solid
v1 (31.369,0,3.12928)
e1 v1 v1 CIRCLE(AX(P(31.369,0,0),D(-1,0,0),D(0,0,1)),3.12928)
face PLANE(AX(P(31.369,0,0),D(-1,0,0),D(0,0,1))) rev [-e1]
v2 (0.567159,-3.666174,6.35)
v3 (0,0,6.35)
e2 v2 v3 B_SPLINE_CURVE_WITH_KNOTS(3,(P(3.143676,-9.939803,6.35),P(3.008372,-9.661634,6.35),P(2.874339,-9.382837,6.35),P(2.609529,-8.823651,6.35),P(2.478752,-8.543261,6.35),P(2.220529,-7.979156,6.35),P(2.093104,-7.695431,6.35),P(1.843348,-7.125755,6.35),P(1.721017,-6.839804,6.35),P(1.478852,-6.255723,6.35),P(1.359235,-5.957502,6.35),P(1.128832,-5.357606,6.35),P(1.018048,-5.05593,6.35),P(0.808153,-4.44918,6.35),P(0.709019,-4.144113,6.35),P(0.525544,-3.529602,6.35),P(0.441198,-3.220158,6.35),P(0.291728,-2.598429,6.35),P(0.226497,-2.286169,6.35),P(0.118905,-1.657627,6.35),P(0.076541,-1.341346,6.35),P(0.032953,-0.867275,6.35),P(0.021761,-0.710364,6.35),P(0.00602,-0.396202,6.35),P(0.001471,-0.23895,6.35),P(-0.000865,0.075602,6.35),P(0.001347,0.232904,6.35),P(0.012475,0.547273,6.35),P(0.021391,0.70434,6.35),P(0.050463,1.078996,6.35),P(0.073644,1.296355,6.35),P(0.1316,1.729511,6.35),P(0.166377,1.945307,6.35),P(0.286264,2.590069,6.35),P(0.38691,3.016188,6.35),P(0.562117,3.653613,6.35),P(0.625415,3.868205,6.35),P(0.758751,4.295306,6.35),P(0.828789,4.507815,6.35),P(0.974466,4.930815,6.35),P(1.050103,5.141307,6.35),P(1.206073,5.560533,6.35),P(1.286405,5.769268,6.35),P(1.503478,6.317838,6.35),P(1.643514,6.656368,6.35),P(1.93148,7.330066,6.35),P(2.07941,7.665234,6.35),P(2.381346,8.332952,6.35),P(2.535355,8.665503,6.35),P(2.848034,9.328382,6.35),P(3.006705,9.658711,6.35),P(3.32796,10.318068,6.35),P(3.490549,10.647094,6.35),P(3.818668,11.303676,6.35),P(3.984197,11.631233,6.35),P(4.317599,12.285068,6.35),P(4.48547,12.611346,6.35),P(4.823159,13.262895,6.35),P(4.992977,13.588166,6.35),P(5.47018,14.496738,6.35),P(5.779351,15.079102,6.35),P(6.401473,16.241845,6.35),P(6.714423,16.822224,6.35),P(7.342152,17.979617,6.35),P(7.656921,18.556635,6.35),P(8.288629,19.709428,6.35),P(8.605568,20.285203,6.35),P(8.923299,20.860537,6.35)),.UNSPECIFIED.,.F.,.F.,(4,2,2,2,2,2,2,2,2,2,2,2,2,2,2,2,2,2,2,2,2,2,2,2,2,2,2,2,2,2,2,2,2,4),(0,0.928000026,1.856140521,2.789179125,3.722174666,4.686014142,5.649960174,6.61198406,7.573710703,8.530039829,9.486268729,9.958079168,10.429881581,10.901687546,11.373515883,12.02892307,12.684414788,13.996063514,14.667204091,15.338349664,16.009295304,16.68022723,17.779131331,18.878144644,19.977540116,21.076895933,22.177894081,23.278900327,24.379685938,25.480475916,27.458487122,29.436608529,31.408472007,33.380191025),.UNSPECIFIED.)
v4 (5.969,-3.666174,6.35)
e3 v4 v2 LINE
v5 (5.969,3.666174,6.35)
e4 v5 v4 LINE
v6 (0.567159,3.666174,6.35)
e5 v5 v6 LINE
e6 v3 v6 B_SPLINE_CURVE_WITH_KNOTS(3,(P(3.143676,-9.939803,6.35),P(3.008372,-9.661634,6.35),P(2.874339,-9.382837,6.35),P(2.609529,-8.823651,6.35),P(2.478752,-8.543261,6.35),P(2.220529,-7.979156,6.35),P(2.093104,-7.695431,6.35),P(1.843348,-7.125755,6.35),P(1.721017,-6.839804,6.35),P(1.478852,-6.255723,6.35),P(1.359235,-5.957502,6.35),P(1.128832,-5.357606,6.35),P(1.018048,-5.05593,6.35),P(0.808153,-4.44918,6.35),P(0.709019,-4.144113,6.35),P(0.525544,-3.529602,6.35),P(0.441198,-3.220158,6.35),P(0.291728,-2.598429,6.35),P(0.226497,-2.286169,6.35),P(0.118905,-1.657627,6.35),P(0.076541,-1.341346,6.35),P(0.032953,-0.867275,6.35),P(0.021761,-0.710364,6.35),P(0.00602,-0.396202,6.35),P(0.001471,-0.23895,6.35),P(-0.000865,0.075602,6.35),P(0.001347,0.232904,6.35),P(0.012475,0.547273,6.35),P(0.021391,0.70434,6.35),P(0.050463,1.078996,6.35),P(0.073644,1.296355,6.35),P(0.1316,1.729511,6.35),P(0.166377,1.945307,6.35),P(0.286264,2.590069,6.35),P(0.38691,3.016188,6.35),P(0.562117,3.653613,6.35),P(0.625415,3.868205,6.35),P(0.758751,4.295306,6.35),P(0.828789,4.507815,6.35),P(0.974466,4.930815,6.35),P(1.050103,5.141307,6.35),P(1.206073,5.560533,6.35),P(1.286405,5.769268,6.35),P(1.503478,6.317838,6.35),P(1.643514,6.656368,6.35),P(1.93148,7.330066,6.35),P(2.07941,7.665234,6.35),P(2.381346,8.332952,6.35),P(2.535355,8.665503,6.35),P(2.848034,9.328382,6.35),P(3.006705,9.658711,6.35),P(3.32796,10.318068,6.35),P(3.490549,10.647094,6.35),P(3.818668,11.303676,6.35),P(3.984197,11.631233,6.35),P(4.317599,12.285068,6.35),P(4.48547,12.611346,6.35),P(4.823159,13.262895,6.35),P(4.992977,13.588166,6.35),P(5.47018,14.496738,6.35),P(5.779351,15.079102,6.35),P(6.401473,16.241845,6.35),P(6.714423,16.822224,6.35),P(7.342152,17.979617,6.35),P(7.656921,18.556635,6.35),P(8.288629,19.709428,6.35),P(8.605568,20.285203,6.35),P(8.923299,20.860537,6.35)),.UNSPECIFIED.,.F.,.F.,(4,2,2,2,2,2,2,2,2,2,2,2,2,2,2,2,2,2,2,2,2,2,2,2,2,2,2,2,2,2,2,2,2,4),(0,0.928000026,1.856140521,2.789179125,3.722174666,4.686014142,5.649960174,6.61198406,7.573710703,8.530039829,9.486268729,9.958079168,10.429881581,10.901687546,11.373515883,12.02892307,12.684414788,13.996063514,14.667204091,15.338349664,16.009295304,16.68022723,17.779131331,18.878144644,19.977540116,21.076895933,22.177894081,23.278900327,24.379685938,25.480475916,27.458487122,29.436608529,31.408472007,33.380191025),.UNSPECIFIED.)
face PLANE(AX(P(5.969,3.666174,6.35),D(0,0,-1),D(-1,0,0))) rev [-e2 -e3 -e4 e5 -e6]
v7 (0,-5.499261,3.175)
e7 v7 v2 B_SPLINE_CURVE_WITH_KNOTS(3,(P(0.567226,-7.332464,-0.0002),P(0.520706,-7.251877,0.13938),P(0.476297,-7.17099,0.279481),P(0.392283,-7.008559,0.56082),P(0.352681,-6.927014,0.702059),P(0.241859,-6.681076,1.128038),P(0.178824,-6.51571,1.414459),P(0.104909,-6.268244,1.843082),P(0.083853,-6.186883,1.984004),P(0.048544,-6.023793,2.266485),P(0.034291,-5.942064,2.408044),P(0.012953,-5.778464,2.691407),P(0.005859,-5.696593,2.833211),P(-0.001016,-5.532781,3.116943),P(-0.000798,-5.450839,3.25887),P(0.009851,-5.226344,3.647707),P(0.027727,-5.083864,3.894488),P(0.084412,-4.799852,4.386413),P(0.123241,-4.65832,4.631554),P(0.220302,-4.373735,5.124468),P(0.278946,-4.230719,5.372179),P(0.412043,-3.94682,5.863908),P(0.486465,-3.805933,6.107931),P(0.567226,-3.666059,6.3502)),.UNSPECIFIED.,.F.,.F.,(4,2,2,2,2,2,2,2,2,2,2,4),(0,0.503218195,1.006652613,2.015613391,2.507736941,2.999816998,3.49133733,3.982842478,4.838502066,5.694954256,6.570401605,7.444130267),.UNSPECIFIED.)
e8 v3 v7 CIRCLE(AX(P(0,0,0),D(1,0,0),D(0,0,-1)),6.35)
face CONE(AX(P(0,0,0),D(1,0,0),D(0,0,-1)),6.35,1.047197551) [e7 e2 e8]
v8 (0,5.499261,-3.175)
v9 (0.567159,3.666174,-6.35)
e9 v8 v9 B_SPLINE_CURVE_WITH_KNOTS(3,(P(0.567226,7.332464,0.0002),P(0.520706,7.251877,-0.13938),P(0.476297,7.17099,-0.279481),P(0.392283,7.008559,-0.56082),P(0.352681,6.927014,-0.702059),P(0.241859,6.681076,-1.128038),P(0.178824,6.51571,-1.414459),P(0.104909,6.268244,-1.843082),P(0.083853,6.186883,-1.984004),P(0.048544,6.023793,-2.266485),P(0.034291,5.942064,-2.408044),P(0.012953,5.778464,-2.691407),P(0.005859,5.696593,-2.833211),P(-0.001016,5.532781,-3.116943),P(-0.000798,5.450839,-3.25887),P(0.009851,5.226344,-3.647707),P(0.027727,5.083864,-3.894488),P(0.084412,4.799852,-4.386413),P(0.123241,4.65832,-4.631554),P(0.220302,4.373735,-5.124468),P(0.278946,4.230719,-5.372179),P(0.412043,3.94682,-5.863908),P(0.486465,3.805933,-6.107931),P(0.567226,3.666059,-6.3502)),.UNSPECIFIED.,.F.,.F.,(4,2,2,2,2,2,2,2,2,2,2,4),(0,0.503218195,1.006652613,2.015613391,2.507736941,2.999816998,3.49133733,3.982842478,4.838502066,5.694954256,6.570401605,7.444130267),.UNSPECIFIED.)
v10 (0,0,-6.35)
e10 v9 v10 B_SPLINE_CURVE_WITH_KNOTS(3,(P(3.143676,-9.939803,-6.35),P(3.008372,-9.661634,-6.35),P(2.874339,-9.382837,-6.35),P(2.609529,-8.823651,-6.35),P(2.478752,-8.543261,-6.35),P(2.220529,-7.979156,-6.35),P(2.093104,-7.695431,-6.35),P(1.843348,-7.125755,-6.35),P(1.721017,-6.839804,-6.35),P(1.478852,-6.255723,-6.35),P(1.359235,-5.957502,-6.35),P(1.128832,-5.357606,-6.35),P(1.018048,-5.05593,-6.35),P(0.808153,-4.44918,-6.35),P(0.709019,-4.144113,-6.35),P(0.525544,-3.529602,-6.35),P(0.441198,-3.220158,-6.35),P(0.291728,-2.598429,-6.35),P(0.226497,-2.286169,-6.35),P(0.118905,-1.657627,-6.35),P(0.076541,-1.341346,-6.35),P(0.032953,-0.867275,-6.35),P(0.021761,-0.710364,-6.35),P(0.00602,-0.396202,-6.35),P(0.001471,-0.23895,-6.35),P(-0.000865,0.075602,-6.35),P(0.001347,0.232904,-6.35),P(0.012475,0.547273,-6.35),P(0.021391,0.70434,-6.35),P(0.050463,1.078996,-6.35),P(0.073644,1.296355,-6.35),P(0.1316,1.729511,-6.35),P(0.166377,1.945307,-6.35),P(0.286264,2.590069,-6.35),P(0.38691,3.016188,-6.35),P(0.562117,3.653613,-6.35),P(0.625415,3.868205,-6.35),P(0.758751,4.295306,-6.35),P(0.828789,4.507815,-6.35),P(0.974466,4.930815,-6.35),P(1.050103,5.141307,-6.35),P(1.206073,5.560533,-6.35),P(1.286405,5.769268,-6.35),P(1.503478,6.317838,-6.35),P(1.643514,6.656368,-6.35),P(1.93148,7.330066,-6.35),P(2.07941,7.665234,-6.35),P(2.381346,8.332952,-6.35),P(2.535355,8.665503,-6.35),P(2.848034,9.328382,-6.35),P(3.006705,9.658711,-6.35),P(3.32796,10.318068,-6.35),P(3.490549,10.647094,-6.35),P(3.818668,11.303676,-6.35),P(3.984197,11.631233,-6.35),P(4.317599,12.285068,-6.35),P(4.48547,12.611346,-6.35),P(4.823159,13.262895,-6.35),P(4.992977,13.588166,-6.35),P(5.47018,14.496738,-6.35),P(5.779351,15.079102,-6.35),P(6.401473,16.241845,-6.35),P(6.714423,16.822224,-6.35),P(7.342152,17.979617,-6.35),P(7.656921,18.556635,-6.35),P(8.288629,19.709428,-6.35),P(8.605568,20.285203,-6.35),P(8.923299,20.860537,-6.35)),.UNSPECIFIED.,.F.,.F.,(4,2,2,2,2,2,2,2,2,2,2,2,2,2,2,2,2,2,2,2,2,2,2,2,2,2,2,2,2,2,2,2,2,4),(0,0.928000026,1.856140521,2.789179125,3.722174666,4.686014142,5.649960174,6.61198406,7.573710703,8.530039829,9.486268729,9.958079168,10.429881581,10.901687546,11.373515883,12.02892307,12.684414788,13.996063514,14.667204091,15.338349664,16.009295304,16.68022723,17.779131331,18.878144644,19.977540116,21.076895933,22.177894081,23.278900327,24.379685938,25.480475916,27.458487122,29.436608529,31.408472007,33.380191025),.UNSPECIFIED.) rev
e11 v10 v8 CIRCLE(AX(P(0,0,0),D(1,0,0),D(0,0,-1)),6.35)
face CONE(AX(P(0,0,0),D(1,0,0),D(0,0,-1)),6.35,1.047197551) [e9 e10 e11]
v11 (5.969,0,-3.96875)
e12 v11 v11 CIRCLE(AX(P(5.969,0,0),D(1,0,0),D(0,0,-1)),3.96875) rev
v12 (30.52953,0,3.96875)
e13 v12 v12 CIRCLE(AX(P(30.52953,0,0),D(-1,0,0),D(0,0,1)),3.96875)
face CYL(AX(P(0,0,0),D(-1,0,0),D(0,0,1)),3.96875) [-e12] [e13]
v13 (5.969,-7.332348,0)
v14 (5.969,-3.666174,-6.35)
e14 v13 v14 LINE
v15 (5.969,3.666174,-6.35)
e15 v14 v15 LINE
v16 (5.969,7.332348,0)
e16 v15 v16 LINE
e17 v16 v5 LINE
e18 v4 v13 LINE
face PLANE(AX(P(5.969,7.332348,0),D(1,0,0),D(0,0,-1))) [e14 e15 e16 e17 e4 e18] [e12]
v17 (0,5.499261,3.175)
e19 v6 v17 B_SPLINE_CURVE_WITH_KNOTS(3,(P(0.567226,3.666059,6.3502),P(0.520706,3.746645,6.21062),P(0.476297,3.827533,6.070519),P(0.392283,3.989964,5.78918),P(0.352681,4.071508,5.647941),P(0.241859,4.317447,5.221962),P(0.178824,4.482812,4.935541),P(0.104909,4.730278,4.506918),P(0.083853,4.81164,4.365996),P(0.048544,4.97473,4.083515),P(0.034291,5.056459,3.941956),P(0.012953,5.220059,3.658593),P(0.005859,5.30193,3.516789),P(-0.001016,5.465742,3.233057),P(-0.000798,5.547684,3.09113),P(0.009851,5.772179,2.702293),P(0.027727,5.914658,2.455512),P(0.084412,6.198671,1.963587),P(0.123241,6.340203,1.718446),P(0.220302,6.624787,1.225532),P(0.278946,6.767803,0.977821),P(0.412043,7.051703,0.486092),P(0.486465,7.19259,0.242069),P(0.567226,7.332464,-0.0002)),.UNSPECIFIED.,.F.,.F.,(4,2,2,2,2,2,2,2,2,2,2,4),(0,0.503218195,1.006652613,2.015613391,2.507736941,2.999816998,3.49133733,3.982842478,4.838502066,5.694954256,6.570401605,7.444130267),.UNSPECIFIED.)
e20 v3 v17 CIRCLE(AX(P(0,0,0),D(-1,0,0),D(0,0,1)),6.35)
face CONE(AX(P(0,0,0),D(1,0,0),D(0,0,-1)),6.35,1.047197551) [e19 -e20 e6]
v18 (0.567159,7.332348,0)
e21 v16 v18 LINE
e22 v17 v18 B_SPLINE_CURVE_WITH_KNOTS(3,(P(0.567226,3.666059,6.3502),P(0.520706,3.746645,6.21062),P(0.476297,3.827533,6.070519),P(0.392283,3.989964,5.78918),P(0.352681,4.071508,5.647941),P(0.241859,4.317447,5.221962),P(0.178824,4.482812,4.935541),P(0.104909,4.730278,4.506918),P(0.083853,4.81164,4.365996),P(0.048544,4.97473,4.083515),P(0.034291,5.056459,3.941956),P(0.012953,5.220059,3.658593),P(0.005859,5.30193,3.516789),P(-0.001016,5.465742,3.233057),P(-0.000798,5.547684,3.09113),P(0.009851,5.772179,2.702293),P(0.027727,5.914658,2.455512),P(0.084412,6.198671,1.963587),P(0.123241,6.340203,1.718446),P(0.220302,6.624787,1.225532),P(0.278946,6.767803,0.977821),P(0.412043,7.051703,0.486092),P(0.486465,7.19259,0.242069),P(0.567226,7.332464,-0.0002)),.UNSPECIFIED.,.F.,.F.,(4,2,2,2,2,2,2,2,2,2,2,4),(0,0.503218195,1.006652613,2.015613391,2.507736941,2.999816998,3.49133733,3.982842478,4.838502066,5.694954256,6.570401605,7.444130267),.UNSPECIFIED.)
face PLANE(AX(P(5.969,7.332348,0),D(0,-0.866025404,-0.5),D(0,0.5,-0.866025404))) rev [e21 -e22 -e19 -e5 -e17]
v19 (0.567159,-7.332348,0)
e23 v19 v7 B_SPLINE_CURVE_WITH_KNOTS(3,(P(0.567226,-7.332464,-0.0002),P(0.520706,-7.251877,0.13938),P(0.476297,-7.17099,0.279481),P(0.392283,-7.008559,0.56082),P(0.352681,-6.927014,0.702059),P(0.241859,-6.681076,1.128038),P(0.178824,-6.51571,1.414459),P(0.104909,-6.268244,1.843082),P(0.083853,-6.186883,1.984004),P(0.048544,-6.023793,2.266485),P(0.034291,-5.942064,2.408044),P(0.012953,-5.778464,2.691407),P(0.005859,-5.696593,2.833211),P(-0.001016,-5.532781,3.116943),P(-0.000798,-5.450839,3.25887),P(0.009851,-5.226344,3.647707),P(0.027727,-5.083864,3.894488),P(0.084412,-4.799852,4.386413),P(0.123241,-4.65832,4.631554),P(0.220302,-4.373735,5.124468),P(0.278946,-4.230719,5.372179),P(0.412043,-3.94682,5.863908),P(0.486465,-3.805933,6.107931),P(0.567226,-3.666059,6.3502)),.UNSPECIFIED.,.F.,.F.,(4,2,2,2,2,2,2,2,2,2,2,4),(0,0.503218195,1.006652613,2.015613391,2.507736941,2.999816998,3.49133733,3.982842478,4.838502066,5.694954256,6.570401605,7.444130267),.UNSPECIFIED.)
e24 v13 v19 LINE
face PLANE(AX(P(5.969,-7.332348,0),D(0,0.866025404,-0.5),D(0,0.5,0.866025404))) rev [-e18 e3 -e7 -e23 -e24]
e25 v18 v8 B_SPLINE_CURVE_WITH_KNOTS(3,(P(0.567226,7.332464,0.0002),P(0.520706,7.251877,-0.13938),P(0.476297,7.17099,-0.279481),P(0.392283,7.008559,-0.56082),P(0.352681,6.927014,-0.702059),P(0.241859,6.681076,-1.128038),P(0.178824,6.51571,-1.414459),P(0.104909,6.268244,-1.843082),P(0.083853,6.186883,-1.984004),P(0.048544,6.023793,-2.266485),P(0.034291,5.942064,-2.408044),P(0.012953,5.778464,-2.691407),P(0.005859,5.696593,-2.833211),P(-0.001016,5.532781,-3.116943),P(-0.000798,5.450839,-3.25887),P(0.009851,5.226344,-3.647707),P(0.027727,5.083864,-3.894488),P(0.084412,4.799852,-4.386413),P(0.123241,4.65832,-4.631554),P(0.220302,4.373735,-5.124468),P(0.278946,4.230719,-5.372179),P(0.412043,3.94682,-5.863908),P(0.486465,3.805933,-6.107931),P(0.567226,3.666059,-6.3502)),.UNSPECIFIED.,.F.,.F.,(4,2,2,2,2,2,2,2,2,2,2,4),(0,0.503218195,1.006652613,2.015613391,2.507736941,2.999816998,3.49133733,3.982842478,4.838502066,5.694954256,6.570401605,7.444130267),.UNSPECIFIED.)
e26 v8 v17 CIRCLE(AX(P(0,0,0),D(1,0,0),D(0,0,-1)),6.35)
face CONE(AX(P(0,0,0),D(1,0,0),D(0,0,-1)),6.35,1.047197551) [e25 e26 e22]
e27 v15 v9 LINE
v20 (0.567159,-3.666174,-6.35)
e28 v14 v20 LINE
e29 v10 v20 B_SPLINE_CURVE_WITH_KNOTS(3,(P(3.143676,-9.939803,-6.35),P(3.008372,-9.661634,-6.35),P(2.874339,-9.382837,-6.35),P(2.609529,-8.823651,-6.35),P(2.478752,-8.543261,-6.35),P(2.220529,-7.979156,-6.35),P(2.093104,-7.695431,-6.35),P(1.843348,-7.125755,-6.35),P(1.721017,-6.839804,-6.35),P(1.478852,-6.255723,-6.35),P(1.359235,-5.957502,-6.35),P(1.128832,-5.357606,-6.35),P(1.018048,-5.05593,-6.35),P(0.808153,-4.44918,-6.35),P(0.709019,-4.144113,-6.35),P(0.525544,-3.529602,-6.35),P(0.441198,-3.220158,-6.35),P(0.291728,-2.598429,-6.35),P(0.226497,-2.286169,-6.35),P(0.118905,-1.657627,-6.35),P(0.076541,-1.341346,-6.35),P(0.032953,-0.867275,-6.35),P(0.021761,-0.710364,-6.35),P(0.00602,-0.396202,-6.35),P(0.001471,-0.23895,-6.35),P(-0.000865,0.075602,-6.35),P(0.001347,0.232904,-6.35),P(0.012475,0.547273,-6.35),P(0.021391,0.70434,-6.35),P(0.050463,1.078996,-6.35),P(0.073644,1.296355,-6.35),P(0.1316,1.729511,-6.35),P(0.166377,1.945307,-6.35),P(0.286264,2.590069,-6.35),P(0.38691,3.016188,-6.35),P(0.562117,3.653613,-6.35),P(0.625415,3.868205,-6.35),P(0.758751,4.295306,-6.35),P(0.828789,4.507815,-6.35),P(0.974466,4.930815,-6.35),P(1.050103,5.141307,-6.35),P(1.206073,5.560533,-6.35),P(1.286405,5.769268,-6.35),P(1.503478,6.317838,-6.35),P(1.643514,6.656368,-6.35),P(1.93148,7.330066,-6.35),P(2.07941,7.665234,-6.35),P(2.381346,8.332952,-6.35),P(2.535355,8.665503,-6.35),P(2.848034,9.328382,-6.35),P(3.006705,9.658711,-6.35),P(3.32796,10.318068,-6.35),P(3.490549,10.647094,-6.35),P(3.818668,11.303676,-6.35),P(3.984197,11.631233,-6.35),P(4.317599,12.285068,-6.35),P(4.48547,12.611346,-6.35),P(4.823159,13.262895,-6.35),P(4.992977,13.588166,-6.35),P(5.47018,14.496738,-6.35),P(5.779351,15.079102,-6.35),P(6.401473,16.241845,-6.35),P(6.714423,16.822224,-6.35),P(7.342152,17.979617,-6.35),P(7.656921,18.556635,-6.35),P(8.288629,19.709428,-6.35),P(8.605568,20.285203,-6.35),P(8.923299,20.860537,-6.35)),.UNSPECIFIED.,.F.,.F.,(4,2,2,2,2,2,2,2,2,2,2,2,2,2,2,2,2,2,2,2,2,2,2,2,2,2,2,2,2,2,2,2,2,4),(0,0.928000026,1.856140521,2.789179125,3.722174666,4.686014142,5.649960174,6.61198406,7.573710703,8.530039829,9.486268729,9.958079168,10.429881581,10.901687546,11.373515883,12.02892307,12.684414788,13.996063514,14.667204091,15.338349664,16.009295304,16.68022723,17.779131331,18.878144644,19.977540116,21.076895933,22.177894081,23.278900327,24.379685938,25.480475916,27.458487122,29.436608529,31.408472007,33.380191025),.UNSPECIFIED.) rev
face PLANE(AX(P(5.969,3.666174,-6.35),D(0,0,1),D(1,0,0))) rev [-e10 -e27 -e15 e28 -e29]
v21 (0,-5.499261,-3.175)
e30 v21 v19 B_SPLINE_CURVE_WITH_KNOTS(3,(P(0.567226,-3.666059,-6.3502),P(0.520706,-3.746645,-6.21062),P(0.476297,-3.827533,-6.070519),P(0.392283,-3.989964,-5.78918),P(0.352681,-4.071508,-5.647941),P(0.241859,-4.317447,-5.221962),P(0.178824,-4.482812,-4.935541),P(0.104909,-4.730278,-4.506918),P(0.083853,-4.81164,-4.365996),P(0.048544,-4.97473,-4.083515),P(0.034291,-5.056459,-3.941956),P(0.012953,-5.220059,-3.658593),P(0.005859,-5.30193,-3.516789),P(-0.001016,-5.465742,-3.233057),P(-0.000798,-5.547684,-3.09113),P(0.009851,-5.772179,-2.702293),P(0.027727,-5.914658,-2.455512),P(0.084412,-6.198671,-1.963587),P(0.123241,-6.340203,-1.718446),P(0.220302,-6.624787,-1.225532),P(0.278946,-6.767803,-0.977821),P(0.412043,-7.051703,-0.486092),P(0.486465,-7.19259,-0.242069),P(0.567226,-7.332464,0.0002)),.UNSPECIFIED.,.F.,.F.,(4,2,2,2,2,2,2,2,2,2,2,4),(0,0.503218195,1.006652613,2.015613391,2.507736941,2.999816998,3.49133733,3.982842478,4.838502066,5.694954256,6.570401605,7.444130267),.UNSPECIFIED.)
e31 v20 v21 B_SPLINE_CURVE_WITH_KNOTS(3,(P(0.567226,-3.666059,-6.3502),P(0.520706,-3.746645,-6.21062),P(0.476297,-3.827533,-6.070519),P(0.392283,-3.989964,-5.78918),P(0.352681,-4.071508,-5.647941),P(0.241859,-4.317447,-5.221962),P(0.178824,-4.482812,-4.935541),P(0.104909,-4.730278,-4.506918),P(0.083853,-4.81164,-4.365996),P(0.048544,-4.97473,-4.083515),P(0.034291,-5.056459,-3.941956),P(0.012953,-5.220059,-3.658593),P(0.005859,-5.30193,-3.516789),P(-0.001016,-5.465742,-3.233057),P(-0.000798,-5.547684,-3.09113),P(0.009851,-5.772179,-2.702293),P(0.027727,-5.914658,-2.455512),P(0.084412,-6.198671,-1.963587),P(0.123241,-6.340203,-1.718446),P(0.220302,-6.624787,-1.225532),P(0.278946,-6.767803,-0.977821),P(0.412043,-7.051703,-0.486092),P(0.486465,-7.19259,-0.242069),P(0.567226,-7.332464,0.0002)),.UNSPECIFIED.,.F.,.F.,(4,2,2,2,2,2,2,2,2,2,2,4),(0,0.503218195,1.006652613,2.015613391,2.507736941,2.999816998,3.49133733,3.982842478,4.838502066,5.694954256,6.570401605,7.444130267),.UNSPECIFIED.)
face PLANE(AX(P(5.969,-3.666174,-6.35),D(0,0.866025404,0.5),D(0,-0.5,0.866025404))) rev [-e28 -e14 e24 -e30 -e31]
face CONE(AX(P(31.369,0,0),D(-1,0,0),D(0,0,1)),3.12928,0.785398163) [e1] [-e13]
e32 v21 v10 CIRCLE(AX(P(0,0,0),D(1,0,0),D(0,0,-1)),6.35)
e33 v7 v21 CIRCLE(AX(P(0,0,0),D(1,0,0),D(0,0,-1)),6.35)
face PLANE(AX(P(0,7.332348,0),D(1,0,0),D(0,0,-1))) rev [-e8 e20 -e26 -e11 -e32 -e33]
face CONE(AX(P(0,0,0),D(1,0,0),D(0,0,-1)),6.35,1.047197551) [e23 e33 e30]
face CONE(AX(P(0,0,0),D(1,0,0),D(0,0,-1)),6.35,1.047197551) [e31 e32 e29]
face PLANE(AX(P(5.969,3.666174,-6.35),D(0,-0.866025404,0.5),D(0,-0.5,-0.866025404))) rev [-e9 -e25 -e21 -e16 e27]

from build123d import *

# Parameters (mm, degrees)
BASEHEAD_DEPTH = 5.969


with BuildPart() as part:
    # Sketch1 → BaseHead (new body)
    with BuildSketch(Plane(origin=(0, 0, 0), x_dir=(0, 0, -1), z_dir=(1, 0, 0))):
        Polygon((6.35, 3.666174209), (6.35, -3.666174209), (0, -7.332348419), (-6.35, -3.666174209), (-6.35, 3.666174209), (0, 7.332348419), align=None)
    extrude(amount=BASEHEAD_DEPTH)

    # BodySke → BaseBody (revolve)
    with BuildSketch(Plane.XY, mode=Mode.PRIVATE) as basebody_sk:
        Polygon((0, 0), (31.369, 0), (31.369, 3.12928), (30.52953, 3.96875), (0, 3.96875), align=None)
    revolve(basebody_sk.sketch.rotate(Axis((0, 0, 0), (1, 0, 0)), 90), axis=Axis((0, 0, 0), (1, 0, 0)))

    # Sketch3 → HeadChamfer (revolve, cut)
    with BuildSketch(Plane.XY):
        Polygon((0, 6.35), (4.233333333, 13.682348419), (4.233333333, 20.032348419), (-12.7, 20.032348419), (-12.7, 6.35), align=None)
    revolve(axis=Axis((0, 0, 0), (1, 0, 0)), mode=Mode.SUBTRACT)


solid = part.part
